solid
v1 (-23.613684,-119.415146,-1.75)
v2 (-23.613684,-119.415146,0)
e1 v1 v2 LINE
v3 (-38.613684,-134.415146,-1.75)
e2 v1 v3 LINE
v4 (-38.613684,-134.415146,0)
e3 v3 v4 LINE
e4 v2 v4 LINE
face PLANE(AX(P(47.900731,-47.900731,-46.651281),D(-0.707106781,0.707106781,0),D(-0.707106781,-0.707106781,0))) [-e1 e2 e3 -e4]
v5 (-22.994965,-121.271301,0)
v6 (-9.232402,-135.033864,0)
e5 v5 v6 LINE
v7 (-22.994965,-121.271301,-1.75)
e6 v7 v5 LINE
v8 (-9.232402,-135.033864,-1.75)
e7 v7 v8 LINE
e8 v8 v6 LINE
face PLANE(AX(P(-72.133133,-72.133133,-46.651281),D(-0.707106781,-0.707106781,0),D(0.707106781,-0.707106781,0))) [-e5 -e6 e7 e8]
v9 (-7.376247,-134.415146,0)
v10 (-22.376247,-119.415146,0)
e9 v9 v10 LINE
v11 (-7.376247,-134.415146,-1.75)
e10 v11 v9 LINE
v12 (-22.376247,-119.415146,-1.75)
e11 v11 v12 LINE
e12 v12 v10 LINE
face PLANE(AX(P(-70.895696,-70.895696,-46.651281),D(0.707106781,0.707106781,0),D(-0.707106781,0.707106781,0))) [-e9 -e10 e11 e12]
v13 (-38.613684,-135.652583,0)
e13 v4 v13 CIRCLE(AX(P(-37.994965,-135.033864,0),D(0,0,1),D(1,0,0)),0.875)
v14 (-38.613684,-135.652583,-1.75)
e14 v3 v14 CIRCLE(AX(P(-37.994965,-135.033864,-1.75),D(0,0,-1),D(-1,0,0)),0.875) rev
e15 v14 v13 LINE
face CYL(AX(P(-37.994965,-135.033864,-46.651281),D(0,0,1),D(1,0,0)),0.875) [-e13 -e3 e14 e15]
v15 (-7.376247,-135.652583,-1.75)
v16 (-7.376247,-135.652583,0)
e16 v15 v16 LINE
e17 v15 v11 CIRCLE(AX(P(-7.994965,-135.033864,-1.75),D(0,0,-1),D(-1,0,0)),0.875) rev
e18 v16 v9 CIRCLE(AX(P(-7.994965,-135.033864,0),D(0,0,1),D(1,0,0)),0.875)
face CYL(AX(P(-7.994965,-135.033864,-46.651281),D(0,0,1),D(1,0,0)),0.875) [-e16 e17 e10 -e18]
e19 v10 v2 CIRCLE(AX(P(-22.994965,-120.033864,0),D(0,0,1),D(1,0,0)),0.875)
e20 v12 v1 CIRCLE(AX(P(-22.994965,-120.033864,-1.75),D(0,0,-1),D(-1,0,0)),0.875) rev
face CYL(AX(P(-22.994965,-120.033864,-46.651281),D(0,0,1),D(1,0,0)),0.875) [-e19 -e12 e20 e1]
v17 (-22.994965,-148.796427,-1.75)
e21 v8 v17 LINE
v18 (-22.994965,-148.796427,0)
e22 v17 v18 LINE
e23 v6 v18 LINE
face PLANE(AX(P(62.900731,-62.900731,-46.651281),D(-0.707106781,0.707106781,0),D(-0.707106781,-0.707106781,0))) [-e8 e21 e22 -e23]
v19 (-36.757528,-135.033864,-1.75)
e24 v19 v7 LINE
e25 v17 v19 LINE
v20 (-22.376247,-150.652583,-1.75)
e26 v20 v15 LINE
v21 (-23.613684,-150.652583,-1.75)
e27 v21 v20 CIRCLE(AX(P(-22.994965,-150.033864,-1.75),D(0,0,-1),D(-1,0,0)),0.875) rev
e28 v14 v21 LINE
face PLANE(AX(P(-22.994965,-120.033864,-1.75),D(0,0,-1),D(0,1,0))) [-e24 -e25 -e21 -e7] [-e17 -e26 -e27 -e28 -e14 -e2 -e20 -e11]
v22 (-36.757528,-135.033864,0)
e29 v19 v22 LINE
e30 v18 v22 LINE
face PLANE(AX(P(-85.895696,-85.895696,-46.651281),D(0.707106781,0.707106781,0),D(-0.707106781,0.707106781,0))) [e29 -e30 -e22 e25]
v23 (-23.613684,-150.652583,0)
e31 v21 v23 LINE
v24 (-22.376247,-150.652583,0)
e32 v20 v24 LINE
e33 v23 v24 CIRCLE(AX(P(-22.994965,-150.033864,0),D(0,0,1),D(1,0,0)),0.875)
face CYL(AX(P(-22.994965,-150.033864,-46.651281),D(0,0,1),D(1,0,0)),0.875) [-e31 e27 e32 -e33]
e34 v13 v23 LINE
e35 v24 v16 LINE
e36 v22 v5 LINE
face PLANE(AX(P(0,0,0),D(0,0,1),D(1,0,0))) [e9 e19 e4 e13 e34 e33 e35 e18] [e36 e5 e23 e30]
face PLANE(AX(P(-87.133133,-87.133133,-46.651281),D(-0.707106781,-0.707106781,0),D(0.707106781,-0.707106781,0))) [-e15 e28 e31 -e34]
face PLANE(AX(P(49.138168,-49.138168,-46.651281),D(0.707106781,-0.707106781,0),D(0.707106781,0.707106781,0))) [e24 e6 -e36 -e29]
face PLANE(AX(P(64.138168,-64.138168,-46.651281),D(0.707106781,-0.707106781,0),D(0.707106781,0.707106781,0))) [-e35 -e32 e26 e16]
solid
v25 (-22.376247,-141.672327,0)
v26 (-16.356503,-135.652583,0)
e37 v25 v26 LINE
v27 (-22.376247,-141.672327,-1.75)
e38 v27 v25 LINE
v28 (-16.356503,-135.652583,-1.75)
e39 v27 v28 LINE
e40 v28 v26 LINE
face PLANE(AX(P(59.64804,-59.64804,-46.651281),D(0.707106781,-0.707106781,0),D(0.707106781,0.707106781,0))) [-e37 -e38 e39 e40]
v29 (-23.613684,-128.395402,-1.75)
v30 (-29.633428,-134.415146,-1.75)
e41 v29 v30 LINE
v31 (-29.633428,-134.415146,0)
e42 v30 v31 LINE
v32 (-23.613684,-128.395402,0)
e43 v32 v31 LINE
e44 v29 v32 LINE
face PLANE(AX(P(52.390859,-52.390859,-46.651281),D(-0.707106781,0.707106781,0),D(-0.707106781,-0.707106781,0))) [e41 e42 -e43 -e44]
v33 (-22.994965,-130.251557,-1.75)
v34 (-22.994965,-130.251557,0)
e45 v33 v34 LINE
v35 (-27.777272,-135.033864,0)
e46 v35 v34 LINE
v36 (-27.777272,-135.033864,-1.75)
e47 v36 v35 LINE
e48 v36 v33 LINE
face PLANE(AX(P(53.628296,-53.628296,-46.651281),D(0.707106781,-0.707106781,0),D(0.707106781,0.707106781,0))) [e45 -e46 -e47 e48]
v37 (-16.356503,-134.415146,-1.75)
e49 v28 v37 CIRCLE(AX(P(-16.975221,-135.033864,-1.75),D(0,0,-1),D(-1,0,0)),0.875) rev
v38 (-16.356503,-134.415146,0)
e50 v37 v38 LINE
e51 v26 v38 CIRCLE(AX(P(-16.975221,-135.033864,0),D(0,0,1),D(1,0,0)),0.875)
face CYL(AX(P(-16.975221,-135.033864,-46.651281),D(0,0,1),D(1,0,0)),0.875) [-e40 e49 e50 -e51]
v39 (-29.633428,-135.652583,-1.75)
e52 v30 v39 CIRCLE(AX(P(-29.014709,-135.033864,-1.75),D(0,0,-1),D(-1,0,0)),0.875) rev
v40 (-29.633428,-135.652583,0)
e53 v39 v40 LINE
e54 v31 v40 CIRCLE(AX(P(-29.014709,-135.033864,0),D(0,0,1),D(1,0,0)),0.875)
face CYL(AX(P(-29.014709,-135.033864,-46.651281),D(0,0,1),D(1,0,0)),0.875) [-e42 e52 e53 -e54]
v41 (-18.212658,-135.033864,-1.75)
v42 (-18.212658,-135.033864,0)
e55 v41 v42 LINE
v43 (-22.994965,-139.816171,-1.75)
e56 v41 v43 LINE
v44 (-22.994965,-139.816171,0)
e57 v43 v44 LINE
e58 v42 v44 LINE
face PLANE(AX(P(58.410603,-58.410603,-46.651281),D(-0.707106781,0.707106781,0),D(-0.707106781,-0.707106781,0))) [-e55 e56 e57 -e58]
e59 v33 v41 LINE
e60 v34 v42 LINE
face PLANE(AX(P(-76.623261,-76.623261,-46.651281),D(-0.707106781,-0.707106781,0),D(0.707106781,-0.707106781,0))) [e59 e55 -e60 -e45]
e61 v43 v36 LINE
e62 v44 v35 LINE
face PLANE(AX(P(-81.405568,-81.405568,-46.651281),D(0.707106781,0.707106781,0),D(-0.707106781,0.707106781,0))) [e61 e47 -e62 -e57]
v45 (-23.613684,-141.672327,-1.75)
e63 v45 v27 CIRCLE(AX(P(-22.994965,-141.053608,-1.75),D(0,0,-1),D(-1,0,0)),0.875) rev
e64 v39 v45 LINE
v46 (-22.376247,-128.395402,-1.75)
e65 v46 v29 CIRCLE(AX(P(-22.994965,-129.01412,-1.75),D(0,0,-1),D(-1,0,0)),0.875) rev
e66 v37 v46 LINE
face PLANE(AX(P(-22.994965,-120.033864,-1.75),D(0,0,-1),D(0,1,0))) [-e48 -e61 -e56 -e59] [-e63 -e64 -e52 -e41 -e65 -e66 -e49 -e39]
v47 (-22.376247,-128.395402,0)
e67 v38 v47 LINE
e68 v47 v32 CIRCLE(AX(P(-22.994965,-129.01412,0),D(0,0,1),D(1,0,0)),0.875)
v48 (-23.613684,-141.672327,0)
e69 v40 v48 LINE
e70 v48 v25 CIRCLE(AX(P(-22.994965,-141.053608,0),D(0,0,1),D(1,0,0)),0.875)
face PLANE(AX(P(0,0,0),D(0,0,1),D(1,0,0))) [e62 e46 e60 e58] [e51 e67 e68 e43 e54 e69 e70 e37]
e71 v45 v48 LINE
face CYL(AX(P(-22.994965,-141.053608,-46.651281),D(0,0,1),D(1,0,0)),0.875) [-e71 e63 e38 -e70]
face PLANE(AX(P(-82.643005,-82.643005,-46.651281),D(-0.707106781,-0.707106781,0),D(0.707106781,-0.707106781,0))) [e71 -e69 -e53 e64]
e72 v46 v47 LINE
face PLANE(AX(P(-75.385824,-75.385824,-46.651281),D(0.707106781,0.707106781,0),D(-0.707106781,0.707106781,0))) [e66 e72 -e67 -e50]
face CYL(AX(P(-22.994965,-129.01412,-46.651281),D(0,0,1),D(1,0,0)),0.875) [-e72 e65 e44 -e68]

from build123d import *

# Parameters (mm, degrees)
BOSS_EXTRUDE1_DEPTH   = 1.75
BOSS_EXTRUDE1_2_DEPTH = 1.75


with BuildPart() as part:
    # Sketch2 → Boss-Extrude1 (new body)
    with BuildSketch(Plane.XY):
        with BuildLine():
            Line((-22.376246782, -150.652582773), (-7.376246782, -135.652582773))
            ThreePointArc((-7.376246782, -135.652582773), (-7.119965216, -135.03386434), (-7.376246782, -134.415145906))
            Line((-7.376246782, -134.415145906), (-22.376246782, -119.415145906))
            ThreePointArc((-22.376246782, -119.415145906), (-22.994965216, -119.15886434), (-23.613683649, -119.415145906))
            Line((-23.613683649, -119.415145906), (-38.613683649, -134.415145906))
            ThreePointArc((-38.613683649, -134.415145906), (-38.869965216, -135.03386434), (-38.613683649, -135.652582773))
            Line((-38.613683649, -135.652582773), (-23.613683649, -150.652582773))
            ThreePointArc((-23.613683649, -150.652582773), (-22.994965216, -150.90886434), (-22.376246782, -150.652582773))
        make_face()
        Polygon((-22.994965216, -121.271301207), (-9.232402083, -135.03386434), (-22.994965216, -148.796427473), (-36.757528349, -135.03386434), align=None, mode=Mode.SUBTRACT)
    extrude(amount=-BOSS_EXTRUDE1_DEPTH)


with BuildPart() as body_2:
    # Sketch2 → Boss-Extrude1 2 (new body)
    with BuildSketch(Plane.XY):
        with BuildLine():
            Line((-22.376246782, -141.672326652), (-16.356502903, -135.652582773))
            ThreePointArc((-16.356502903, -135.652582773), (-16.100221337, -135.03386434), (-16.356502903, -134.415145906))
            Line((-16.356502903, -134.415145906), (-22.376246782, -128.395402027))
            ThreePointArc((-22.376246782, -128.395402027), (-22.994965216, -128.139120461), (-23.613683649, -128.395402027))
            Line((-23.613683649, -128.395402027), (-29.633427528, -134.415145906))
            ThreePointArc((-29.633427528, -134.415145906), (-29.889709095, -135.03386434), (-29.633427528, -135.652582773))
            Line((-29.633427528, -135.652582773), (-23.613683649, -141.672326652))
            ThreePointArc((-23.613683649, -141.672326652), (-22.994965216, -141.928608219), (-22.376246782, -141.672326652))
        make_face()
        Polygon((-22.994965216, -130.251557328), (-18.212658204, -135.03386434), (-22.994965216, -139.816171352), (-27.777272227, -135.03386434), align=None, mode=Mode.SUBTRACT)
    extrude(amount=-BOSS_EXTRUDE1_2_DEPTH)


solid = Compound([part.part, body_2.part])
